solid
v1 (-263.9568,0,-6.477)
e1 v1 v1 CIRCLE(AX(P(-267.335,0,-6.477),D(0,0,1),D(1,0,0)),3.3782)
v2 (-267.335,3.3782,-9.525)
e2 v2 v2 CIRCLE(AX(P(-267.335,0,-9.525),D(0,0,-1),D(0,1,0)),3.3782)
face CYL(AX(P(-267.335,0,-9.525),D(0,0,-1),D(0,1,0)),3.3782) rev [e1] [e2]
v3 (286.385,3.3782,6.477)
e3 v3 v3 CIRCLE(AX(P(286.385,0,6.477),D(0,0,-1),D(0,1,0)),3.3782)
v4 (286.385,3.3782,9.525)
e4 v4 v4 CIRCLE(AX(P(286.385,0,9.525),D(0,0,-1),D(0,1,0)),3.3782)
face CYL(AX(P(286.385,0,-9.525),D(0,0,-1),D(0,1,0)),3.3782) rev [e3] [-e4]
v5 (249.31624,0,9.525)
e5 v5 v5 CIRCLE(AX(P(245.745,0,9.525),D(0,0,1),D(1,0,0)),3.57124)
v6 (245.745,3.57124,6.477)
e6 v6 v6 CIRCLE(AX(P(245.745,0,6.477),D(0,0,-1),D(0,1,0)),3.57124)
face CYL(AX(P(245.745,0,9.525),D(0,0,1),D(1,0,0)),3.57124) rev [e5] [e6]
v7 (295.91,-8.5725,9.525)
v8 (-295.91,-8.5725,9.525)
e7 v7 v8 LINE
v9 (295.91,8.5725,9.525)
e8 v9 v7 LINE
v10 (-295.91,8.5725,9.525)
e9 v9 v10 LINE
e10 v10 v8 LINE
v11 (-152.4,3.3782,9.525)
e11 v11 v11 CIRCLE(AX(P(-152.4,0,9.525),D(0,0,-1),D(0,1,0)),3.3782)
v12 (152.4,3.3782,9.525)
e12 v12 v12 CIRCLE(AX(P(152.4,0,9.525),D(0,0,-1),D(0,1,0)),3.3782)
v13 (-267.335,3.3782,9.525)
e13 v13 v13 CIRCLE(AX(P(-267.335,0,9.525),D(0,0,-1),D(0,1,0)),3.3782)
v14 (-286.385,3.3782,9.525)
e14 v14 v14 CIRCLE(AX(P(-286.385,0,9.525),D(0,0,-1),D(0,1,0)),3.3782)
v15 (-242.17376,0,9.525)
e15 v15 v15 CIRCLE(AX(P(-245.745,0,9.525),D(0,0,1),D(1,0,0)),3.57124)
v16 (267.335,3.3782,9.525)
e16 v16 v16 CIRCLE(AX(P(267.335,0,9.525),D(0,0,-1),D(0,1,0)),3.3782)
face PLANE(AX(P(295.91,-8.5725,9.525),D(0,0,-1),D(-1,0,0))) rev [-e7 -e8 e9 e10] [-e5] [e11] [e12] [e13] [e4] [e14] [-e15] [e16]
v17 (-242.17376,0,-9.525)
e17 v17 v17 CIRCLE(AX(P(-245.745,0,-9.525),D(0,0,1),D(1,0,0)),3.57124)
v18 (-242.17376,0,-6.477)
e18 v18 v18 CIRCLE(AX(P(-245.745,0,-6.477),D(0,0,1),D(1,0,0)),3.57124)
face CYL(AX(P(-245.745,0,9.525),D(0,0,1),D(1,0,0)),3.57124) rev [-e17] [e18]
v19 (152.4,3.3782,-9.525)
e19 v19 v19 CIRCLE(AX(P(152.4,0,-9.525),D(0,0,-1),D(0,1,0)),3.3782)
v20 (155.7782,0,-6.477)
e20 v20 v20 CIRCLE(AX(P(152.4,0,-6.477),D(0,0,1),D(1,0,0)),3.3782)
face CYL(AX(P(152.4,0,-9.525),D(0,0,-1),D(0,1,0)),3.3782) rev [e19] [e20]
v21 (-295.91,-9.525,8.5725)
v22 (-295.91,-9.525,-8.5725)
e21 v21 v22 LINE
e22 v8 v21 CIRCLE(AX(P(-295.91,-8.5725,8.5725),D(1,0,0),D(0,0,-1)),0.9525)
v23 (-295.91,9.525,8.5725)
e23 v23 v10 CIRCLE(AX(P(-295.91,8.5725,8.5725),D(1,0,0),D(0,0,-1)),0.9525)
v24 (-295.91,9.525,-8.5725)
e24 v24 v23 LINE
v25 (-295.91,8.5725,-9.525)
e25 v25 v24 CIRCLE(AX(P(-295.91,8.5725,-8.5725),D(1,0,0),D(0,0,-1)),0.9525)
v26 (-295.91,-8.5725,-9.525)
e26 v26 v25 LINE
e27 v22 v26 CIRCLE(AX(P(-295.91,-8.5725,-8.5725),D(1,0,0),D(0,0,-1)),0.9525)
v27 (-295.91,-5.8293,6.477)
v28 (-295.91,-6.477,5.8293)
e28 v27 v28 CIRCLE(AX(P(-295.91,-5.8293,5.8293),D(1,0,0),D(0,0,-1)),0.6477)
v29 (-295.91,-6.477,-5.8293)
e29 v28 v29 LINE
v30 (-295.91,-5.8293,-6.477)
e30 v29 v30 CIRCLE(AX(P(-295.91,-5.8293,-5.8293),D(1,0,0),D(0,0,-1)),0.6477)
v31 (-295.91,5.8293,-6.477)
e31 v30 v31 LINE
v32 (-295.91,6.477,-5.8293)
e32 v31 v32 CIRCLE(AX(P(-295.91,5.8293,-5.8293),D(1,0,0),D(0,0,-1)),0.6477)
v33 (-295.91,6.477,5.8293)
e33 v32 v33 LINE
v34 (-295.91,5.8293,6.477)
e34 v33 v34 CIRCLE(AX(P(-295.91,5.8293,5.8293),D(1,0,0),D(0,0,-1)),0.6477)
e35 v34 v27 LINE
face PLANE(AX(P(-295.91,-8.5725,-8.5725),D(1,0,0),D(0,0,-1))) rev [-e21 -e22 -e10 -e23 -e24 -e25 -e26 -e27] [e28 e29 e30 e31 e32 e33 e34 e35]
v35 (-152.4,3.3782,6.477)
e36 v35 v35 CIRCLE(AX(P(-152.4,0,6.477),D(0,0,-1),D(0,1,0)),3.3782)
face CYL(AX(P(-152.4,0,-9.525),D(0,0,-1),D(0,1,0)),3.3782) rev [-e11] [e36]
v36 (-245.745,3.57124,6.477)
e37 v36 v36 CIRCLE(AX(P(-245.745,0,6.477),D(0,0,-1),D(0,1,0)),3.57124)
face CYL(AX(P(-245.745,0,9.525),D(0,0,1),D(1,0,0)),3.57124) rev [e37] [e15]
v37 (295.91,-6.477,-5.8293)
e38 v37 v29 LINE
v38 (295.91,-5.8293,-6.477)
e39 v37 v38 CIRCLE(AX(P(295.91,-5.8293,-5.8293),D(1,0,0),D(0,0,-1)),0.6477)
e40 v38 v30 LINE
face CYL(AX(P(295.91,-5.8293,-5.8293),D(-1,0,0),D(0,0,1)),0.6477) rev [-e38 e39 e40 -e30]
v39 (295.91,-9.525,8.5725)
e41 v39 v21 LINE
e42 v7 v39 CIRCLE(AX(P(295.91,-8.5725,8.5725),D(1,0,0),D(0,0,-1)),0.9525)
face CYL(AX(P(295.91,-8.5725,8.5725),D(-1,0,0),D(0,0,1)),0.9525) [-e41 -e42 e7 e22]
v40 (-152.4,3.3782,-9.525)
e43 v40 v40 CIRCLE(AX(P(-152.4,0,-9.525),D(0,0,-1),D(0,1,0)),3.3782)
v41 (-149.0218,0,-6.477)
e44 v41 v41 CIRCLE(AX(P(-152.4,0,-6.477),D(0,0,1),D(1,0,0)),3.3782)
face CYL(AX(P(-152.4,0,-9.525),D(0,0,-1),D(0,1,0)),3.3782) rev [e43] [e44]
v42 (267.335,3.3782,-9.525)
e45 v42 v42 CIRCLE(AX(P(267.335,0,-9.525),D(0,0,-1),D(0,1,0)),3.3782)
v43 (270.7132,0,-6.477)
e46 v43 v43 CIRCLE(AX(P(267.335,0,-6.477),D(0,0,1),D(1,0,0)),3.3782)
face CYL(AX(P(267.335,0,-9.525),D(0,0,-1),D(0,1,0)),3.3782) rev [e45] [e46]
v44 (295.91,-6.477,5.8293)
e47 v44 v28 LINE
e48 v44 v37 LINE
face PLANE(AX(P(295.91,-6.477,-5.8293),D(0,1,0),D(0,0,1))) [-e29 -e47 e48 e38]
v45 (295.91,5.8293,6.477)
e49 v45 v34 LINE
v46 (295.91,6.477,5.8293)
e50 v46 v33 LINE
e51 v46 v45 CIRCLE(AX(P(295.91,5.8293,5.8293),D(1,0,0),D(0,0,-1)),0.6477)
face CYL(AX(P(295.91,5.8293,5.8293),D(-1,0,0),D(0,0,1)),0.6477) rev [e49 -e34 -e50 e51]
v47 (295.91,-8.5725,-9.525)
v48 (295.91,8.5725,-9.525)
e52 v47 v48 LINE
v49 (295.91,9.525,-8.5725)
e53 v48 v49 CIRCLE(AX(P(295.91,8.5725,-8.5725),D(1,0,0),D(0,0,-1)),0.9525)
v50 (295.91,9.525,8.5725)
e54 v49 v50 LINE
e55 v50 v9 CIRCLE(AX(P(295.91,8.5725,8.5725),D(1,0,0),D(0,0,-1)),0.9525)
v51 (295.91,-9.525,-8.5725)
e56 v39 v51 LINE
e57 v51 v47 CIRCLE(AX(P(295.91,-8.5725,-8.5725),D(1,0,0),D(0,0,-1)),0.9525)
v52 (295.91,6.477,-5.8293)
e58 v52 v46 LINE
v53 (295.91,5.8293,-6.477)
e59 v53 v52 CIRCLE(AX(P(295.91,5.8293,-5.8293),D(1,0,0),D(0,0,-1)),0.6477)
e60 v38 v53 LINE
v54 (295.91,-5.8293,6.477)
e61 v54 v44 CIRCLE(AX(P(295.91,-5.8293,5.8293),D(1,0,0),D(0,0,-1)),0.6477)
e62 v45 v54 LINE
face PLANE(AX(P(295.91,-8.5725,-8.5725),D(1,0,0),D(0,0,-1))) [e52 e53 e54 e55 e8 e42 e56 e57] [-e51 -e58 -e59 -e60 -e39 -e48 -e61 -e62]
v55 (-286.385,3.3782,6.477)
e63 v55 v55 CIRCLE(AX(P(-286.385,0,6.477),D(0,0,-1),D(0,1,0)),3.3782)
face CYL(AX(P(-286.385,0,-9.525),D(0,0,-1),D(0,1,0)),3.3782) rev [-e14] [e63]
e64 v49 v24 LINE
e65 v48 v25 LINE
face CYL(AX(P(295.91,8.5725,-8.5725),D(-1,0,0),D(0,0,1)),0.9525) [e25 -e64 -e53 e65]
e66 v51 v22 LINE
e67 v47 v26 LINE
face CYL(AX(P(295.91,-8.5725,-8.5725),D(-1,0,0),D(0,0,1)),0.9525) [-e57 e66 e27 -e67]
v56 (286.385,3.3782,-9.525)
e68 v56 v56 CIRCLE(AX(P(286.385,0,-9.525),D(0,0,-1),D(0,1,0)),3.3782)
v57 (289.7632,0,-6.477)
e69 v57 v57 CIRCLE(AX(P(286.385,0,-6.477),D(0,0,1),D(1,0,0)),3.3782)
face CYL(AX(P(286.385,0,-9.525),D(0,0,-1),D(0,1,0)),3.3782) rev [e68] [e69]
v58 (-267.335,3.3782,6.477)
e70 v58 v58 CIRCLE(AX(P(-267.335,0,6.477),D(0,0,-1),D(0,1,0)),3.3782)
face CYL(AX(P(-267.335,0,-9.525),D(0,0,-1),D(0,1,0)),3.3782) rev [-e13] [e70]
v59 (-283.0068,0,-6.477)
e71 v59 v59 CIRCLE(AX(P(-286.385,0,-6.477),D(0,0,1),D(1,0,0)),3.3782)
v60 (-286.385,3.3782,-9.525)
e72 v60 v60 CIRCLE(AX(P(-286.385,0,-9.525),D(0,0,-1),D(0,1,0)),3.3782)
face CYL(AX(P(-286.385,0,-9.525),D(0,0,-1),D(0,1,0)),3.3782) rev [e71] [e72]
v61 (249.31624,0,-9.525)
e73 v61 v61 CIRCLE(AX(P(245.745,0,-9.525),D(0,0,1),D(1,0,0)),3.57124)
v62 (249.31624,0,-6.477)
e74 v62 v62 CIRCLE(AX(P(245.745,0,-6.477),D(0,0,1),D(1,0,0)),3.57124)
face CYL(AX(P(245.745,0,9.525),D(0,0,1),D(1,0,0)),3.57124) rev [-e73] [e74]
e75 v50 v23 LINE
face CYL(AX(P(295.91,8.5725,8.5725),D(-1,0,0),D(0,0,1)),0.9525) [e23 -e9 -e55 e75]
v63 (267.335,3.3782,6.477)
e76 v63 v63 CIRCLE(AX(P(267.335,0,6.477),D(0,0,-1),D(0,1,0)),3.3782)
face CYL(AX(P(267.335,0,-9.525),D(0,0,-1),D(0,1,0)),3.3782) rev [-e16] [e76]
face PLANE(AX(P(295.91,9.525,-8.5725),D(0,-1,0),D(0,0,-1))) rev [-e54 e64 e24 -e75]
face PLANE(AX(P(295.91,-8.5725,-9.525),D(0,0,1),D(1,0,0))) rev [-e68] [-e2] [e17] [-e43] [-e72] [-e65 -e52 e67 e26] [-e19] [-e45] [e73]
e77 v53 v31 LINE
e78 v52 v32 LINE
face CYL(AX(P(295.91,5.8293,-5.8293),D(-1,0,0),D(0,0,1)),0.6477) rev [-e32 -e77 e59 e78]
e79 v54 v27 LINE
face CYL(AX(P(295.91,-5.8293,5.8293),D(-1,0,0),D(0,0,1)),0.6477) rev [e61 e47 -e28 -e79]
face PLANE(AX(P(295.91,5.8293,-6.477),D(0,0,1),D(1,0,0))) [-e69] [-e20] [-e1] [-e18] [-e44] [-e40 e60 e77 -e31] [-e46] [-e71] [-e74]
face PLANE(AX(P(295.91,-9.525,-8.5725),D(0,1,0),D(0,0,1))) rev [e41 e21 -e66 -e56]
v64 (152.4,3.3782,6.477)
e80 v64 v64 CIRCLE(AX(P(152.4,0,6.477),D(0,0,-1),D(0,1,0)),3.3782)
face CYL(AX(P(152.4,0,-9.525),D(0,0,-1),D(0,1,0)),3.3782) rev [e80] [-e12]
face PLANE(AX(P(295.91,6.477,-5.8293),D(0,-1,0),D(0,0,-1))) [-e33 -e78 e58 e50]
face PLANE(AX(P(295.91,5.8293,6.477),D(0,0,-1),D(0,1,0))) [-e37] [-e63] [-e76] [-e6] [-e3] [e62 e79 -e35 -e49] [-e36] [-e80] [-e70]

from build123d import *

# Parameters (mm, degrees)
BOSS_EXTRUDE1_DEPTH              = 295.91
F_1_4_CLEARANCE_HOLE1_AT_2_COUNT = 2
F_1_4_CLEARANCE_HOLE1_AT_2_PITCH = 31.75
F_1_4_CLEARANCE_HOLE1_AT_3_COUNT = 2
F_1_4_CLEARANCE_HOLE1_AT_3_PITCH = 50.8
F_1_4_CLEARANCE_HOLE1_AT_4_COUNT = 2
F_1_4_CLEARANCE_HOLE1_AT_4_PITCH = 165.735
F_1_4_CLEARANCE_HOLE2_D          = 7.14248


with BuildPart() as part:
    # Sketch4 → Boss-Extrude1 (new, symmetric)
    with BuildSketch(Plane(origin=(0, 0, 0), x_dir=(0, 0, -1), z_dir=(1, 0, 0))):
        with BuildLine():
            Line((9.525, -8.5725), (9.525, 8.5725))
            ThreePointArc((9.525, 8.5725), (9.246019209, 9.246019209), (8.5725, 9.525))
            Line((8.5725, 9.525), (-8.5725, 9.525))
            ThreePointArc((-8.5725, 9.525), (-9.246019209, 9.246019209), (-9.525, 8.5725))
            Line((-9.525, 8.5725), (-9.525, -8.5725))
            ThreePointArc((-9.525, -8.5725), (-9.246019209, -9.246019209), (-8.5725, -9.525))
            Line((-8.5725, -9.525), (8.5725, -9.525))
            ThreePointArc((8.5725, -9.525), (9.246019209, -9.246019209), (9.525, -8.5725))
        make_face()
        with BuildLine():
            Line((6.477, 5.8293), (6.477, -5.8293))
            ThreePointArc((6.477, -5.8293), (6.287293062, -6.287293062), (5.8293, -6.477))
            Line((5.8293, -6.477), (-5.8293, -6.477))
            ThreePointArc((-5.8293, -6.477), (-6.287293062, -6.287293062), (-6.477, -5.8293))
            Line((-6.477, -5.8293), (-6.477, 5.8293))
            ThreePointArc((-6.477, 5.8293), (-6.287293062, 6.287293062), (-5.8293, 6.477))
            Line((-5.8293, 6.477), (5.8293, 6.477))
            ThreePointArc((5.8293, 6.477), (6.287293062, 6.287293062), (6.477, 5.8293))
        make_face(mode=Mode.SUBTRACT)
    extrude(amount=BOSS_EXTRUDE1_DEPTH, both=True)

    # Sketch6 → 1/4 Clearance Hole1 (revolve, cut)
    with BuildSketch(Plane(origin=(318.135, 0, -9.525), x_dir=(0, 1, 0), z_dir=(1, 0, 0))):
        Polygon((0, 0), (0, 21.079827343), (3.3782, 19.05), (3.3782, 0), align=None)
    f_1_4_clearance_hole1 = revolve(axis=Axis((318.135, 0, -15.875), (0, 0, 1)), mode=Mode.SUBTRACT)

    # 1/4 Clearance Hole1 at 2: 1/4 Clearance Hole1 ×2
    with Locations(*[(-i * F_1_4_CLEARANCE_HOLE1_AT_2_PITCH, 0, 0) for i in range(1, F_1_4_CLEARANCE_HOLE1_AT_2_COUNT)]):
        add(f_1_4_clearance_hole1, mode=Mode.SUBTRACT)

    # 1/4 Clearance Hole1 at 3: 1/4 Clearance Hole1 ×2
    with Locations(*[(-i * F_1_4_CLEARANCE_HOLE1_AT_3_PITCH, 0, 0) for i in range(1, F_1_4_CLEARANCE_HOLE1_AT_3_COUNT)]):
        add(f_1_4_clearance_hole1, mode=Mode.SUBTRACT)

    # 1/4 Clearance Hole1 at 4: 1/4 Clearance Hole1 ×2
    with Locations(*[(-i * F_1_4_CLEARANCE_HOLE1_AT_4_PITCH, 0, 0) for i in range(1, F_1_4_CLEARANCE_HOLE1_AT_4_COUNT)]):
        add(f_1_4_clearance_hole1, mode=Mode.SUBTRACT)

    # Mirror2: 1/4 Clearance Hole1 across plane
    add(f_1_4_clearance_hole1.mirror(Plane(origin=(0, 0, 0), x_dir=(0, 0, 1), z_dir=(1, 0, 0))), mode=Mode.SUBTRACT)

    # Mirror2 copy 1 sketch → Mirror2 copy 1 (revolve, cut)
    with BuildSketch(Plane(origin=(-286.385, 0, -9.525), x_dir=(0, 1, 0), z_dir=(-1, 0, 0))):
        Polygon((0, 0), (0, -21.079827343), (3.3782, -19.05), (3.3782, 0), align=None)
    revolve(axis=Axis((-286.385, 0, -15.875), (0, 0, -1)), mode=Mode.SUBTRACT)

    # Mirror2 copy 2 sketch → Mirror2 copy 2 (revolve, cut)
    with BuildSketch(Plane(origin=(-267.335, 0, -9.525), x_dir=(0, 1, 0), z_dir=(-1, 0, 0))):
        Polygon((0, 0), (0, -21.079827343), (3.3782, -19.05), (3.3782, 0), align=None)
    revolve(axis=Axis((-267.335, 0, -15.875), (0, 0, -1)), mode=Mode.SUBTRACT)

    # Mirror2 copy 3 sketch → Mirror2 copy 3 (revolve, cut)
    with BuildSketch(Plane(origin=(-152.4, 0, -9.525), x_dir=(0, 1, 0), z_dir=(-1, 0, 0))):
        Polygon((0, 0), (0, -21.079827343), (3.3782, -19.05), (3.3782, 0), align=None)
    revolve(axis=Axis((-152.4, 0, -15.875), (0, 0, -1)), mode=Mode.SUBTRACT)

    # 1/4 Clearance Hole2 (through all)
    with Locations(Plane.XY.offset(9.525)):
        with Locations((245.745, 0), (-245.745, 0)):
            Hole(F_1_4_CLEARANCE_HOLE2_D / 2)


solid = part.part
